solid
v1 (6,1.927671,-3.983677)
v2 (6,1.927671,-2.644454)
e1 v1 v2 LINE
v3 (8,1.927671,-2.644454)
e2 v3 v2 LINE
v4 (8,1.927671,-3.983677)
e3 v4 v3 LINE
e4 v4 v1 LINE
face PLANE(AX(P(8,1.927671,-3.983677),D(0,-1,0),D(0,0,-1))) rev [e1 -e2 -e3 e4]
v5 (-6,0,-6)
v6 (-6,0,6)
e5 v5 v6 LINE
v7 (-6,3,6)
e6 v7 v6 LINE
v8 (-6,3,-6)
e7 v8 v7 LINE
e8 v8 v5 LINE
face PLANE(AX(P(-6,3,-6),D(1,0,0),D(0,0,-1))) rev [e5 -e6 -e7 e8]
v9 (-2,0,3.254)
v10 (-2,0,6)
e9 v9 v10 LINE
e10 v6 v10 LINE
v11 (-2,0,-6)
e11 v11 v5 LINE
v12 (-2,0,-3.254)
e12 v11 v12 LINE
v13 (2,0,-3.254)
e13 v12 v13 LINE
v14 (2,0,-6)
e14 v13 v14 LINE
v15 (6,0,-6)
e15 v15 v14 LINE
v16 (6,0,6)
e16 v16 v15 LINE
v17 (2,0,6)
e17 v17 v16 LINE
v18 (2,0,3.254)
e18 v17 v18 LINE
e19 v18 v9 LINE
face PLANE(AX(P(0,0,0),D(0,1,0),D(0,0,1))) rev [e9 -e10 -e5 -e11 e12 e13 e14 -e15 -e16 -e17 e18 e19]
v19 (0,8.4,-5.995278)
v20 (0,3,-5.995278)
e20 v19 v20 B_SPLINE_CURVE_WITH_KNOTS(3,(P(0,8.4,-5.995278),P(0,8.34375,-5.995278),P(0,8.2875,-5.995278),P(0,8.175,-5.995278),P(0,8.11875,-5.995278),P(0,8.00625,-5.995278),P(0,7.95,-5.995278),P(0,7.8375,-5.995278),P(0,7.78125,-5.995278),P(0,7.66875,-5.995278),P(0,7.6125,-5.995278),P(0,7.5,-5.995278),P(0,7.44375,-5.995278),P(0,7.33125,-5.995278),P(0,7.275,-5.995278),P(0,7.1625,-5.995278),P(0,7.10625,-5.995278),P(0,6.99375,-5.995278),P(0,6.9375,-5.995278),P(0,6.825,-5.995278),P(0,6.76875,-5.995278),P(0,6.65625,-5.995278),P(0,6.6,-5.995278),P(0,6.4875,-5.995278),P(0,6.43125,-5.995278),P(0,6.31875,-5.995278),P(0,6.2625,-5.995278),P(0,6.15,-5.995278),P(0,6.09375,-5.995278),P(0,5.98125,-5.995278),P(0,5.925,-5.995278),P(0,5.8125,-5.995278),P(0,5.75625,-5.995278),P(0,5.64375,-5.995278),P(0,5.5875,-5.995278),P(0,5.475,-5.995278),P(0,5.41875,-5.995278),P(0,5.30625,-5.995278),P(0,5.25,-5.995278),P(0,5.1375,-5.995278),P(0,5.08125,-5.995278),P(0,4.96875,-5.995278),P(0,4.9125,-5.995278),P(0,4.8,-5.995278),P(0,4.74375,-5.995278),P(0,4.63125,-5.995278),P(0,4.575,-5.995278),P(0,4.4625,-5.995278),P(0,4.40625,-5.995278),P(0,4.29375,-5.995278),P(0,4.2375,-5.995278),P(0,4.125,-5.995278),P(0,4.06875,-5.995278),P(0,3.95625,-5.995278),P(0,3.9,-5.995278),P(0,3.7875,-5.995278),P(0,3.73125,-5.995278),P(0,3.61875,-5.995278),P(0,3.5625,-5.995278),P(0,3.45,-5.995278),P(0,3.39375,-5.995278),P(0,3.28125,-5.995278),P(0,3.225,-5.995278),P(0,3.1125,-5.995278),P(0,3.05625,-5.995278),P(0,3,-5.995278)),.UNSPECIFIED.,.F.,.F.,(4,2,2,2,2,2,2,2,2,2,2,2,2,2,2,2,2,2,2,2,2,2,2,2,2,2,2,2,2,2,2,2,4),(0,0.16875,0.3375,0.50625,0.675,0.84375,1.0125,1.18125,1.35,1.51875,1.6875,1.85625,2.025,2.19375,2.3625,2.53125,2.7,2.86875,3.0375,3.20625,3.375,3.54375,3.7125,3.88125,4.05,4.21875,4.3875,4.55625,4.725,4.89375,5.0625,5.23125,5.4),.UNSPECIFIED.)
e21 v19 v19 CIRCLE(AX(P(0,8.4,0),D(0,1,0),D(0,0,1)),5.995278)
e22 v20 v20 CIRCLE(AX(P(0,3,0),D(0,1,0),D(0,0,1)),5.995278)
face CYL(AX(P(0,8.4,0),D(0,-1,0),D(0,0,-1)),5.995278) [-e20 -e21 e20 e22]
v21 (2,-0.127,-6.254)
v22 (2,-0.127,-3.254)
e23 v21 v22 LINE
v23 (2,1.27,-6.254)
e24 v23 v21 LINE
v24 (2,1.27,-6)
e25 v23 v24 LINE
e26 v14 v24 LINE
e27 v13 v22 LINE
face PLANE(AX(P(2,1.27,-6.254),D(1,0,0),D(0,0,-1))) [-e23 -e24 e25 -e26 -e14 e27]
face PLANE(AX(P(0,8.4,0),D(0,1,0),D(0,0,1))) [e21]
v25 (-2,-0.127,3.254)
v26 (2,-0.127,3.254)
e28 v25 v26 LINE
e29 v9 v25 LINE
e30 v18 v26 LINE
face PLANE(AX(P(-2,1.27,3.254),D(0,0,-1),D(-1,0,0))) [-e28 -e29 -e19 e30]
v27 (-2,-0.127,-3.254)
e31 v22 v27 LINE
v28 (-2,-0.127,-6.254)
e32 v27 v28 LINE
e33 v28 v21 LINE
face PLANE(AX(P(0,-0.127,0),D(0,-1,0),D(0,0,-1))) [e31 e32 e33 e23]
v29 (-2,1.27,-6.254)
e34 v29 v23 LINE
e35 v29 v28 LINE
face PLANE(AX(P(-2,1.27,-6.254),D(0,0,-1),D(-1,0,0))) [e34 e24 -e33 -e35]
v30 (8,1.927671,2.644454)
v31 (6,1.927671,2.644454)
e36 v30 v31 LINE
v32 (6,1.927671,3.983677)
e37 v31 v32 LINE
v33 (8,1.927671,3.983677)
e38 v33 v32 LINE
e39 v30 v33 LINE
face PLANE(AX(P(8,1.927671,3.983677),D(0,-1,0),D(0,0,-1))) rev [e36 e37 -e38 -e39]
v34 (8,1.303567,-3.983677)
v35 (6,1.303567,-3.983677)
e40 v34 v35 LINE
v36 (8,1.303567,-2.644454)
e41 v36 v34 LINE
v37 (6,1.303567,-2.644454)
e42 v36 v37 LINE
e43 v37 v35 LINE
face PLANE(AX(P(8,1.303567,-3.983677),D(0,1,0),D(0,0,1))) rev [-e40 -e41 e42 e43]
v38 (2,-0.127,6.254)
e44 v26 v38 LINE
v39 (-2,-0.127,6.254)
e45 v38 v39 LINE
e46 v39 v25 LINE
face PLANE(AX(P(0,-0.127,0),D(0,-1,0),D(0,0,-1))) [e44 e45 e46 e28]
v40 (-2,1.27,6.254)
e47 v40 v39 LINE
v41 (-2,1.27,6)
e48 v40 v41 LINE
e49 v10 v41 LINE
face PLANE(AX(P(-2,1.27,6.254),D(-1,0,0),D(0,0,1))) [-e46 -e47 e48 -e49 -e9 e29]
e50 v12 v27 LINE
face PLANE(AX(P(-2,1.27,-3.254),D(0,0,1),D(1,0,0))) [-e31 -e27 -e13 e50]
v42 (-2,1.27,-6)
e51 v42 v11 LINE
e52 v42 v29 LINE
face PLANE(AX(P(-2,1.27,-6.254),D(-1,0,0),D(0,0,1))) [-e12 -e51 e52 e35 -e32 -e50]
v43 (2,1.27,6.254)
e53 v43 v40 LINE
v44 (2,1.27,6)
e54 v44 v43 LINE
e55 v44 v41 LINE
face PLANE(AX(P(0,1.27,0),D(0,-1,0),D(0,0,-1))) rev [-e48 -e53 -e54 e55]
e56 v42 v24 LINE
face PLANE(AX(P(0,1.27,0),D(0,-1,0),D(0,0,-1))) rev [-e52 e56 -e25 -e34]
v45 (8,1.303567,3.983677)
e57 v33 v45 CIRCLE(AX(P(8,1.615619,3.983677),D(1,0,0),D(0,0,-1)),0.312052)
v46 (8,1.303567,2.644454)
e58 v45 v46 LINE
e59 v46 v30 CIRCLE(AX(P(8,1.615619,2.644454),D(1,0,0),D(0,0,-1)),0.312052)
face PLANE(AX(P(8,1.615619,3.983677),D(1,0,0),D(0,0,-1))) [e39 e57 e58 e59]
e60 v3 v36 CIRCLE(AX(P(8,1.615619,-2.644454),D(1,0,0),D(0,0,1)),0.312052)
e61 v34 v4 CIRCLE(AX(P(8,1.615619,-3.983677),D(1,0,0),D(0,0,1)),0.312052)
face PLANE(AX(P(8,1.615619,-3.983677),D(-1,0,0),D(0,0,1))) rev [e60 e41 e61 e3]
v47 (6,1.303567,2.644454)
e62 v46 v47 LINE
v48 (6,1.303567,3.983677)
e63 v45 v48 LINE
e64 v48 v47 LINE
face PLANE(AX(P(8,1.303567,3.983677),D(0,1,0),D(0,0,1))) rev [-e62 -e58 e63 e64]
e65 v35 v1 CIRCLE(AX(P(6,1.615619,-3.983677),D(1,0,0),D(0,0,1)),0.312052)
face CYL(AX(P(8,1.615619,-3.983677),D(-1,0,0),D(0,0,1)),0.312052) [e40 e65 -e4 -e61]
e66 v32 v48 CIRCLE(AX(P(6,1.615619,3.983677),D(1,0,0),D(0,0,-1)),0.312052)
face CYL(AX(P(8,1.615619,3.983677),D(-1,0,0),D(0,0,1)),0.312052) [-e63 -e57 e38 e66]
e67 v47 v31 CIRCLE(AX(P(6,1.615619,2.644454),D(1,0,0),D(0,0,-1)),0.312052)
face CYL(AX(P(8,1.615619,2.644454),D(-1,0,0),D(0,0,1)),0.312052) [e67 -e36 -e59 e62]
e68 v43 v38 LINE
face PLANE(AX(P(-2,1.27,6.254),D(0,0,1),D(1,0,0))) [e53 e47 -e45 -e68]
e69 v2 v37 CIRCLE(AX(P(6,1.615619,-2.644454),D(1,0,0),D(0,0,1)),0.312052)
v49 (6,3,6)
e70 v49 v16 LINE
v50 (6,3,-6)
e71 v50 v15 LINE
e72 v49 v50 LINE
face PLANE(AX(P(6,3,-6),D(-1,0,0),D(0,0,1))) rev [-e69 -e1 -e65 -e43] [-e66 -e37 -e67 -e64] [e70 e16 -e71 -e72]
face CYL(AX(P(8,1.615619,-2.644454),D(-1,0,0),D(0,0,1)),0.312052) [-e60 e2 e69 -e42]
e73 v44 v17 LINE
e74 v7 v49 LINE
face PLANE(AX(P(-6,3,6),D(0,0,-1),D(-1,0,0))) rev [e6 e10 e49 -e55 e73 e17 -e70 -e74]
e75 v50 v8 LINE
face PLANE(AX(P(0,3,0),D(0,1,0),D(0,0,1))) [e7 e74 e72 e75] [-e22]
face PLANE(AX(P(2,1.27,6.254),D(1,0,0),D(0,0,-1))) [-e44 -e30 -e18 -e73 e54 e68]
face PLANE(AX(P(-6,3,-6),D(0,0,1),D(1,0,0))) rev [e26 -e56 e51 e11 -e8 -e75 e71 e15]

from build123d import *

# Parameters (mm, degrees)
SKETCH1_W                = 12
SKETCH1_H                = 12
BOSS_EXTRUDE1_DEPTH      = 3
SKETCH2_R                = 5.995277692
BOSS_EXTRUDE2_DEPTH      = 5.4
BOSS_EXTRUDE3_DEPTH      = 2
BOSS_EXTRUDE4_DEPTH      = 0.127
BOSS_EXTRUDE4_DEPTH_BACK = 1.27
SKETCH4_W                = 4
SKETCH4_H                = 3


with BuildPart() as part:
    # Sketch1 → Boss-Extrude1 (new body)
    with BuildSketch(Plane(origin=(0, 0, 0), x_dir=(1, 0, 0), z_dir=(0, 1, 0))):
        Rectangle(SKETCH1_W, SKETCH1_H)
    extrude(amount=BOSS_EXTRUDE1_DEPTH)

    # Sketch2 → Boss-Extrude2 (add)
    with BuildSketch(Plane(origin=(0, 3, 0), x_dir=(1, 0, 0), z_dir=(0, 1, 0))):
        with Locations(Location((0, 0, 0), (0, 0, 90))):
            Circle(SKETCH2_R)
    extrude(amount=BOSS_EXTRUDE2_DEPTH)

    # Sketch3 → Boss-Extrude3 (add)
    with BuildSketch(Plane(origin=(6, 0, 0), x_dir=(0, 0, -1), z_dir=(1, 0, 0))):
        with BuildLine():
            Line((-3.983677321, 1.927671256), (-2.644454293, 1.927671256))
            ThreePointArc((-2.644454293, 1.927671256), (-2.332402325, 1.615619288), (-2.644454293, 1.303567321))
            Line((-2.644454293, 1.303567321), (-3.983677321, 1.303567321))
            ThreePointArc((-3.983677321, 1.303567321), (-4.295729288, 1.615619288), (-3.983677321, 1.927671256))
        make_face()
        with BuildLine():
            Line((3.983677321, 1.927671256), (2.644454293, 1.927671256))
            ThreePointArc((2.644454293, 1.927671256), (2.332402325, 1.615619288), (2.644454293, 1.303567321))
            Line((2.644454293, 1.303567321), (3.983677321, 1.303567321))
            ThreePointArc((3.983677321, 1.303567321), (4.295729288, 1.615619288), (3.983677321, 1.927671256))
        make_face()
    extrude(amount=BOSS_EXTRUDE3_DEPTH)

    # Sketch4 → Boss-Extrude4 (add, two sides: drawn at the far end of the back side and taken through both)
    with BuildSketch(Plane.XZ.offset(-BOSS_EXTRUDE4_DEPTH_BACK)):
        with Locations((0, 4.754)):
            Rectangle(SKETCH4_W, SKETCH4_H)
        with Locations((0, -4.754)):
            Rectangle(SKETCH4_W, SKETCH4_H)
    extrude(amount=BOSS_EXTRUDE4_DEPTH + BOSS_EXTRUDE4_DEPTH_BACK)


solid = part.part
